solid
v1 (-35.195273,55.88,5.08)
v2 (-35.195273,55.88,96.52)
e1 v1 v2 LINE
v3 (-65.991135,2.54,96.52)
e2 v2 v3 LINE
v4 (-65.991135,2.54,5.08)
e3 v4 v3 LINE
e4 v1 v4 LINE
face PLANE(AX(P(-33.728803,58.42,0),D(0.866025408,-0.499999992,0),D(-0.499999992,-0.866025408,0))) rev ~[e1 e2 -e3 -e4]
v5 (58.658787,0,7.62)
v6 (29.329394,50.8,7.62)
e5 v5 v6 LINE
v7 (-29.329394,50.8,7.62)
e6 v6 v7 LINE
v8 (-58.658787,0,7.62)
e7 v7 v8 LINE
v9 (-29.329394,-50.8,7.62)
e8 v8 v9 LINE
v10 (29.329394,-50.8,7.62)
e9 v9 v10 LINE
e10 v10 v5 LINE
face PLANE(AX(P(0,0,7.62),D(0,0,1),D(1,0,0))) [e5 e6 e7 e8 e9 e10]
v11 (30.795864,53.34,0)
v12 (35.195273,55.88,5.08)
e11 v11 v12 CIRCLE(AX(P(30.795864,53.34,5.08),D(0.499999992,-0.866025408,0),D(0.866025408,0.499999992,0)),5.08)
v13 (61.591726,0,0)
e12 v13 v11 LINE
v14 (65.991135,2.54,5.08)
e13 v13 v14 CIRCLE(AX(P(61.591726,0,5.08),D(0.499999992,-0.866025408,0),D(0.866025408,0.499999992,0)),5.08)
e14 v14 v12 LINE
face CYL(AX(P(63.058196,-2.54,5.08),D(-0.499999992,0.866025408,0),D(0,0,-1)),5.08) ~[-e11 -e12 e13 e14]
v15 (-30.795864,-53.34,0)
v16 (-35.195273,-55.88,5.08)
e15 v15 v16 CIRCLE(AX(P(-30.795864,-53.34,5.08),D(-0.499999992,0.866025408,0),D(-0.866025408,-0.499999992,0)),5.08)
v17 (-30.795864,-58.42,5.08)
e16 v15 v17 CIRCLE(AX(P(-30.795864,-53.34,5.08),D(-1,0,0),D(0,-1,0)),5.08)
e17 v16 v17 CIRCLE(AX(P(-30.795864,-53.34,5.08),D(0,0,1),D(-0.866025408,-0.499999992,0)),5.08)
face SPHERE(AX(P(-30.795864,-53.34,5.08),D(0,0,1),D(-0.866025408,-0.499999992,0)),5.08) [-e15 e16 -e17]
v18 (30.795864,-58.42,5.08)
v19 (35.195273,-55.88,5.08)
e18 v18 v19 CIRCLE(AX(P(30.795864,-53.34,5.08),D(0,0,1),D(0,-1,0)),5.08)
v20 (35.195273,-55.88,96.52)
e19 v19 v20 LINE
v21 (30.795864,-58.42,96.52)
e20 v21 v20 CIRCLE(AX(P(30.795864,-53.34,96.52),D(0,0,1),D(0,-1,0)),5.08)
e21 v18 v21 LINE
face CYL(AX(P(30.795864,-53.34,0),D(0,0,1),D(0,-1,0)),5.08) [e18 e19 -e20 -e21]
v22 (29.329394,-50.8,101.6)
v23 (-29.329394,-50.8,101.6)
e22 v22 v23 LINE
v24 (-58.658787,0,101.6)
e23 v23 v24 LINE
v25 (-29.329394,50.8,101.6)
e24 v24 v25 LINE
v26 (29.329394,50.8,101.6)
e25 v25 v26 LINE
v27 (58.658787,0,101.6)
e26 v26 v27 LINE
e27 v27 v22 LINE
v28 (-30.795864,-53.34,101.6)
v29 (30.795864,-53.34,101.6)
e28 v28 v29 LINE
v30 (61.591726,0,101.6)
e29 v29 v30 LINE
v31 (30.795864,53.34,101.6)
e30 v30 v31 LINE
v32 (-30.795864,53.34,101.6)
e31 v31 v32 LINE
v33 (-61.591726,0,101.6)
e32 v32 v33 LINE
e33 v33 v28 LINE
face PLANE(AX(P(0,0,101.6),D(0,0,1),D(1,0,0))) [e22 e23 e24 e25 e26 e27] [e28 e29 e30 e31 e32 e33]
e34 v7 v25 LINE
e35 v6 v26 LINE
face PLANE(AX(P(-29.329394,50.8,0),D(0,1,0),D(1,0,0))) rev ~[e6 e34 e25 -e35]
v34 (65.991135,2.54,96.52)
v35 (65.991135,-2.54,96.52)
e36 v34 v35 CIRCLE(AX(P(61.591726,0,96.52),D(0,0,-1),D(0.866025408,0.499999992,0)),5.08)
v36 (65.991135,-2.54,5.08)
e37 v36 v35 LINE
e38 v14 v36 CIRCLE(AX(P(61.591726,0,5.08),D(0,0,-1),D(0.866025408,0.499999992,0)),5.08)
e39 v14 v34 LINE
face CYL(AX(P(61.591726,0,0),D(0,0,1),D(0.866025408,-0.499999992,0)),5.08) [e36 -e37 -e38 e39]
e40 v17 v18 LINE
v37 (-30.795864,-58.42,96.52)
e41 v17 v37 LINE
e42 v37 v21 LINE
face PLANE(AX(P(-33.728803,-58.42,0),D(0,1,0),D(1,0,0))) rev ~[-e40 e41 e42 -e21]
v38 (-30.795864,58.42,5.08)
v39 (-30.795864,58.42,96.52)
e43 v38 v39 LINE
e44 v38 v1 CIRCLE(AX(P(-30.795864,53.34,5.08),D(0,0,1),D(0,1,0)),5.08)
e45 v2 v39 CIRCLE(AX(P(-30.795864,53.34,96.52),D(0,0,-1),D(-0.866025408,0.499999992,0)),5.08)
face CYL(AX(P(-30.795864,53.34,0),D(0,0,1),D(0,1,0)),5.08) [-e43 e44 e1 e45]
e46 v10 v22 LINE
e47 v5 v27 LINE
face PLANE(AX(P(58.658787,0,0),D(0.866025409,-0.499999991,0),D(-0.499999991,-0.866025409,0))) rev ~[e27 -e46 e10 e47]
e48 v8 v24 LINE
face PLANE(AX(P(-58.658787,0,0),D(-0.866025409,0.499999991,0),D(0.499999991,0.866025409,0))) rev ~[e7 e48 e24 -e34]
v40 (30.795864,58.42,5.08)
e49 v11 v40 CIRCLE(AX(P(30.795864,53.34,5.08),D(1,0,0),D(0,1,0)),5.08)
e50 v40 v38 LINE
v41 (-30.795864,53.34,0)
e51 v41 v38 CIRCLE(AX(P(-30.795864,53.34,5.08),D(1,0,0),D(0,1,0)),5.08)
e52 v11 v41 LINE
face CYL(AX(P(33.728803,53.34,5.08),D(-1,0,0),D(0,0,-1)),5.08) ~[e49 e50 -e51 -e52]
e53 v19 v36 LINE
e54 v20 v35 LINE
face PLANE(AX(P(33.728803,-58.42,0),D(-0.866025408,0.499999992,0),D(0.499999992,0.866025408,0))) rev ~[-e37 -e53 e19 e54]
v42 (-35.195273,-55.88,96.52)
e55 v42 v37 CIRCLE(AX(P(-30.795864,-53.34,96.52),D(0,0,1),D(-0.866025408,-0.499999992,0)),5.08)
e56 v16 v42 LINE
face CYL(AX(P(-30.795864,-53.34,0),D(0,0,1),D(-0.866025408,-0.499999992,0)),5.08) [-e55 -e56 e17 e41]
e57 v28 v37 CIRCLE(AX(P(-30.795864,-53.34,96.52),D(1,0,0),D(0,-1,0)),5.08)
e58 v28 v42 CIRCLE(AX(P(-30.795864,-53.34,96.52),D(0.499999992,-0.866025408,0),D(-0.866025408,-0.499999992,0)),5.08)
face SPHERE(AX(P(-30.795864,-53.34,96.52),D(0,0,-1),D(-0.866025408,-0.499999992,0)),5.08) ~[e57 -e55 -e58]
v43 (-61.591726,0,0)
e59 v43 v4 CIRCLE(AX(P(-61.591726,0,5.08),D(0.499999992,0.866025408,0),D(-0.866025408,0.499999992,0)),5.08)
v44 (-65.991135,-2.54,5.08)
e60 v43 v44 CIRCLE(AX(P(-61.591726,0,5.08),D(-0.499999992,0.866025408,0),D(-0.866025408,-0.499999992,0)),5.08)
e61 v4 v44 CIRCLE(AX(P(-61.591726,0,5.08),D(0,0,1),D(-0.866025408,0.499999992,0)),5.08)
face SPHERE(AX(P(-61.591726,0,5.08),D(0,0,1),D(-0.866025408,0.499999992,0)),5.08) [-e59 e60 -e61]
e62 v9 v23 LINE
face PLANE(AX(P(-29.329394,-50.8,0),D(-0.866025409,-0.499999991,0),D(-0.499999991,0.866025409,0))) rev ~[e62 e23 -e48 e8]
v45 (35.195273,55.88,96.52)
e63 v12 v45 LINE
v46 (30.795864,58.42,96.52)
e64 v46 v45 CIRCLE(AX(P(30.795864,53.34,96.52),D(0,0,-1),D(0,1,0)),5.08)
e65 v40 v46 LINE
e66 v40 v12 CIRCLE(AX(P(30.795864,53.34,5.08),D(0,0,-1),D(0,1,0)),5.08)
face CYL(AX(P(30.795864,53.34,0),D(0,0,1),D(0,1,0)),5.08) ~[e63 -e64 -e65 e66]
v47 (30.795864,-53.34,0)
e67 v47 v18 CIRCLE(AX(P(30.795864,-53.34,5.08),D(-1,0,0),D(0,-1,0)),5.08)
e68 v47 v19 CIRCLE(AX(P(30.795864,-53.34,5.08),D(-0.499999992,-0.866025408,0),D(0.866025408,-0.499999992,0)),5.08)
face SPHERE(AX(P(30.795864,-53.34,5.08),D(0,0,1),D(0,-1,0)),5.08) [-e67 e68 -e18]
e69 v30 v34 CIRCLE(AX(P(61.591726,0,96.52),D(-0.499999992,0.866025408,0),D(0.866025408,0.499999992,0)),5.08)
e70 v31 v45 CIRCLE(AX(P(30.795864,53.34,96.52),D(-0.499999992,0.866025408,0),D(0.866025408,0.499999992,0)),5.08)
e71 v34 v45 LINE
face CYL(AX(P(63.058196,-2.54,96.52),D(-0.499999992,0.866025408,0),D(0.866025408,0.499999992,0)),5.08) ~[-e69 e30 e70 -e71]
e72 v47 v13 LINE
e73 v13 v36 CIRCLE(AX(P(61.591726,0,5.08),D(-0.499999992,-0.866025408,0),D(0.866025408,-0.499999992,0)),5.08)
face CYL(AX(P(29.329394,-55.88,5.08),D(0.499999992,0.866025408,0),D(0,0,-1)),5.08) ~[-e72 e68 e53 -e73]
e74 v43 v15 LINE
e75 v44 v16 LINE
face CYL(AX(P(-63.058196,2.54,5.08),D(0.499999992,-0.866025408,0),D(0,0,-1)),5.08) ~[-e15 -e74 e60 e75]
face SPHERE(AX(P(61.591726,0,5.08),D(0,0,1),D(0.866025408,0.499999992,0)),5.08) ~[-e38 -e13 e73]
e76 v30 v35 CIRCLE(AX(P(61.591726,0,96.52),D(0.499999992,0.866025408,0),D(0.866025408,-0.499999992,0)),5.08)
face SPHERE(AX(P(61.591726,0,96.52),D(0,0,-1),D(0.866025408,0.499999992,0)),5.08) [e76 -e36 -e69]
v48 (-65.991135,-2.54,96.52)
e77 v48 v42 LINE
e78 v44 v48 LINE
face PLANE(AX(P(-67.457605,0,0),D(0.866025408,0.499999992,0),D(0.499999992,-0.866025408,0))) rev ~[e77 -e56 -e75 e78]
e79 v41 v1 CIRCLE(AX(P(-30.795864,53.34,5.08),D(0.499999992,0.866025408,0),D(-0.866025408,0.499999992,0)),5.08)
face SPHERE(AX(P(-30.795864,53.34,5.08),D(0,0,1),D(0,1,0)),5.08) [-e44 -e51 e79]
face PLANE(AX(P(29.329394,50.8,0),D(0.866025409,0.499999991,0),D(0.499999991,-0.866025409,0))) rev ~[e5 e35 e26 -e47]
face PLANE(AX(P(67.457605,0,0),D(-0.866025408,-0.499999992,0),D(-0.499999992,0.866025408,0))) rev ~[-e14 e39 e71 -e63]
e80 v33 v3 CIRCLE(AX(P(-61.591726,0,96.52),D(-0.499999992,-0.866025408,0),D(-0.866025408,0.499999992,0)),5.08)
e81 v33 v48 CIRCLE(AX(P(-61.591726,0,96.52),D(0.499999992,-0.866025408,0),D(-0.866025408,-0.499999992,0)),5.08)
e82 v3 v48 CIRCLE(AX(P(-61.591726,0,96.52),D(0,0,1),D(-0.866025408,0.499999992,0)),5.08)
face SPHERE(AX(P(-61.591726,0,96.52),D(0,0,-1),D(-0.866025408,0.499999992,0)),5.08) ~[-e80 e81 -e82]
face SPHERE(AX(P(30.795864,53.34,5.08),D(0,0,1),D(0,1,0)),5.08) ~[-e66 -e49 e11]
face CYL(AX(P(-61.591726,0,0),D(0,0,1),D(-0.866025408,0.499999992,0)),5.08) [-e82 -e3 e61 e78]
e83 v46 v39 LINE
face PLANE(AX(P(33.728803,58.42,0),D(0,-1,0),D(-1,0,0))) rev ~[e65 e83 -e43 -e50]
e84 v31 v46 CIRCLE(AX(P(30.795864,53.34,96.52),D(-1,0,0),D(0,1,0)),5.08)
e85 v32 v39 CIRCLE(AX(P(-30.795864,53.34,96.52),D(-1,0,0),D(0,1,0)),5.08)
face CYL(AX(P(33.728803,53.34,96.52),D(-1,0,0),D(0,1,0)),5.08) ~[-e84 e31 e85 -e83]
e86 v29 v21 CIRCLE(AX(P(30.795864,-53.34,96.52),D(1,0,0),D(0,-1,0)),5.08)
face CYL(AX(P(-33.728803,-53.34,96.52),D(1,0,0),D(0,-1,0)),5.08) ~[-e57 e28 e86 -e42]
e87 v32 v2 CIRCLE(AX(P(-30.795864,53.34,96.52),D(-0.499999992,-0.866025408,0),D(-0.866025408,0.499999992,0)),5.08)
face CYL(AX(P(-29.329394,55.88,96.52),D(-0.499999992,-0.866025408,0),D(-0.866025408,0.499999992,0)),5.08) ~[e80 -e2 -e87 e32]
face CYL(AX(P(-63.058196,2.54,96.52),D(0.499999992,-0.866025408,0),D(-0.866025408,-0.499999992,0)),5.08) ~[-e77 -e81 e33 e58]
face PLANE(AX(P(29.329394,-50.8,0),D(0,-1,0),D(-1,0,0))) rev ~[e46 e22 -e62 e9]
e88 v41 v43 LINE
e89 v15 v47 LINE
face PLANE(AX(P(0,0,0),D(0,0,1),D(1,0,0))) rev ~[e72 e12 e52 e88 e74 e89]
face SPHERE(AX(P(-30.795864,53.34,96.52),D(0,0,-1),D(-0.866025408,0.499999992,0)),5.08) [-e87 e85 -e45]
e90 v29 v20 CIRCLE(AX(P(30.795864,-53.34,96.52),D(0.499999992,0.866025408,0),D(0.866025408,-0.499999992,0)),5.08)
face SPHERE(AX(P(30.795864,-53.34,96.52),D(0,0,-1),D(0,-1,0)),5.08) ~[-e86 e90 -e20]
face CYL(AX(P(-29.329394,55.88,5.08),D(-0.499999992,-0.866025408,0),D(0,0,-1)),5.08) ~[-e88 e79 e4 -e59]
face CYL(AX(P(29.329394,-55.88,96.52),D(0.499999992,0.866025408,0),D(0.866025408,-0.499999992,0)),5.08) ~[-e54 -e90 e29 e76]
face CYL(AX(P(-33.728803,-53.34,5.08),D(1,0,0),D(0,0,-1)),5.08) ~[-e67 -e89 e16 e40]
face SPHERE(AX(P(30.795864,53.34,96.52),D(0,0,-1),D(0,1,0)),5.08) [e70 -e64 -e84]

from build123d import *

# Parameters (mm, degrees)
F1_DEPTH = 101.6
F2_DEPTH = 7.62
F3_R     = 5.08


with BuildPart() as f1:
    # F0 (on Top) → F1 (new body)
    with BuildSketch(Plane.XY):
        Polygon((33.728803, 58.42), (0, 58.42), (-33.728803, 58.42), (-67.457605, 0), (-33.728803, -58.42), (33.728803, -58.42), (67.457605, 0), align=None)
        Polygon((-58.658787, 0), (-29.329394, 50.8), (0, 50.8), (29.329394, 50.8), (58.658787, 0), (29.329394, -50.8), (-29.329394, -50.8), align=None, mode=Mode.SUBTRACT)
    extrude(amount=F1_DEPTH)

    # F0 (on Top) → F2 (join)
    with BuildSketch(Plane.XY):
        Polygon((0, 50.8), (-29.329394, 50.8), (-58.658787, 0), (-29.329394, -50.8), (29.329394, -50.8), (58.658787, 0), (29.329394, 50.8), align=None)
    extrude(amount=F2_DEPTH)

    # F3
    f3_edges = [f1.edges().sort_by_distance(p)[0] for p in [
        (33.728803, 58.42, 50.8),
        (0, 58.42, 101.6),
        (-33.728803, 58.42, 50.8),
        (0, 58.42, 0),
        (-67.457605, 0, 50.8),
        (-50.593204, 29.21, 0),
        (-50.593204, 29.21, 101.6),
        (-33.728803, -58.42, 50.8),
        (-50.593204, -29.21, 0),
        (-50.593204, -29.21, 101.6),
        (33.728803, -58.42, 50.8),
        (0, -58.42, 0),
        (0, -58.42, 101.6),
        (67.457605, 0, 50.8),
        (50.593204, 29.21, 0),
        (50.593204, 29.21, 101.6),
        (50.593204, -29.21, 0),
        (50.593204, -29.21, 101.6),
    ]]
    fillet(f3_edges, radius=F3_R)


solid = f1.part
